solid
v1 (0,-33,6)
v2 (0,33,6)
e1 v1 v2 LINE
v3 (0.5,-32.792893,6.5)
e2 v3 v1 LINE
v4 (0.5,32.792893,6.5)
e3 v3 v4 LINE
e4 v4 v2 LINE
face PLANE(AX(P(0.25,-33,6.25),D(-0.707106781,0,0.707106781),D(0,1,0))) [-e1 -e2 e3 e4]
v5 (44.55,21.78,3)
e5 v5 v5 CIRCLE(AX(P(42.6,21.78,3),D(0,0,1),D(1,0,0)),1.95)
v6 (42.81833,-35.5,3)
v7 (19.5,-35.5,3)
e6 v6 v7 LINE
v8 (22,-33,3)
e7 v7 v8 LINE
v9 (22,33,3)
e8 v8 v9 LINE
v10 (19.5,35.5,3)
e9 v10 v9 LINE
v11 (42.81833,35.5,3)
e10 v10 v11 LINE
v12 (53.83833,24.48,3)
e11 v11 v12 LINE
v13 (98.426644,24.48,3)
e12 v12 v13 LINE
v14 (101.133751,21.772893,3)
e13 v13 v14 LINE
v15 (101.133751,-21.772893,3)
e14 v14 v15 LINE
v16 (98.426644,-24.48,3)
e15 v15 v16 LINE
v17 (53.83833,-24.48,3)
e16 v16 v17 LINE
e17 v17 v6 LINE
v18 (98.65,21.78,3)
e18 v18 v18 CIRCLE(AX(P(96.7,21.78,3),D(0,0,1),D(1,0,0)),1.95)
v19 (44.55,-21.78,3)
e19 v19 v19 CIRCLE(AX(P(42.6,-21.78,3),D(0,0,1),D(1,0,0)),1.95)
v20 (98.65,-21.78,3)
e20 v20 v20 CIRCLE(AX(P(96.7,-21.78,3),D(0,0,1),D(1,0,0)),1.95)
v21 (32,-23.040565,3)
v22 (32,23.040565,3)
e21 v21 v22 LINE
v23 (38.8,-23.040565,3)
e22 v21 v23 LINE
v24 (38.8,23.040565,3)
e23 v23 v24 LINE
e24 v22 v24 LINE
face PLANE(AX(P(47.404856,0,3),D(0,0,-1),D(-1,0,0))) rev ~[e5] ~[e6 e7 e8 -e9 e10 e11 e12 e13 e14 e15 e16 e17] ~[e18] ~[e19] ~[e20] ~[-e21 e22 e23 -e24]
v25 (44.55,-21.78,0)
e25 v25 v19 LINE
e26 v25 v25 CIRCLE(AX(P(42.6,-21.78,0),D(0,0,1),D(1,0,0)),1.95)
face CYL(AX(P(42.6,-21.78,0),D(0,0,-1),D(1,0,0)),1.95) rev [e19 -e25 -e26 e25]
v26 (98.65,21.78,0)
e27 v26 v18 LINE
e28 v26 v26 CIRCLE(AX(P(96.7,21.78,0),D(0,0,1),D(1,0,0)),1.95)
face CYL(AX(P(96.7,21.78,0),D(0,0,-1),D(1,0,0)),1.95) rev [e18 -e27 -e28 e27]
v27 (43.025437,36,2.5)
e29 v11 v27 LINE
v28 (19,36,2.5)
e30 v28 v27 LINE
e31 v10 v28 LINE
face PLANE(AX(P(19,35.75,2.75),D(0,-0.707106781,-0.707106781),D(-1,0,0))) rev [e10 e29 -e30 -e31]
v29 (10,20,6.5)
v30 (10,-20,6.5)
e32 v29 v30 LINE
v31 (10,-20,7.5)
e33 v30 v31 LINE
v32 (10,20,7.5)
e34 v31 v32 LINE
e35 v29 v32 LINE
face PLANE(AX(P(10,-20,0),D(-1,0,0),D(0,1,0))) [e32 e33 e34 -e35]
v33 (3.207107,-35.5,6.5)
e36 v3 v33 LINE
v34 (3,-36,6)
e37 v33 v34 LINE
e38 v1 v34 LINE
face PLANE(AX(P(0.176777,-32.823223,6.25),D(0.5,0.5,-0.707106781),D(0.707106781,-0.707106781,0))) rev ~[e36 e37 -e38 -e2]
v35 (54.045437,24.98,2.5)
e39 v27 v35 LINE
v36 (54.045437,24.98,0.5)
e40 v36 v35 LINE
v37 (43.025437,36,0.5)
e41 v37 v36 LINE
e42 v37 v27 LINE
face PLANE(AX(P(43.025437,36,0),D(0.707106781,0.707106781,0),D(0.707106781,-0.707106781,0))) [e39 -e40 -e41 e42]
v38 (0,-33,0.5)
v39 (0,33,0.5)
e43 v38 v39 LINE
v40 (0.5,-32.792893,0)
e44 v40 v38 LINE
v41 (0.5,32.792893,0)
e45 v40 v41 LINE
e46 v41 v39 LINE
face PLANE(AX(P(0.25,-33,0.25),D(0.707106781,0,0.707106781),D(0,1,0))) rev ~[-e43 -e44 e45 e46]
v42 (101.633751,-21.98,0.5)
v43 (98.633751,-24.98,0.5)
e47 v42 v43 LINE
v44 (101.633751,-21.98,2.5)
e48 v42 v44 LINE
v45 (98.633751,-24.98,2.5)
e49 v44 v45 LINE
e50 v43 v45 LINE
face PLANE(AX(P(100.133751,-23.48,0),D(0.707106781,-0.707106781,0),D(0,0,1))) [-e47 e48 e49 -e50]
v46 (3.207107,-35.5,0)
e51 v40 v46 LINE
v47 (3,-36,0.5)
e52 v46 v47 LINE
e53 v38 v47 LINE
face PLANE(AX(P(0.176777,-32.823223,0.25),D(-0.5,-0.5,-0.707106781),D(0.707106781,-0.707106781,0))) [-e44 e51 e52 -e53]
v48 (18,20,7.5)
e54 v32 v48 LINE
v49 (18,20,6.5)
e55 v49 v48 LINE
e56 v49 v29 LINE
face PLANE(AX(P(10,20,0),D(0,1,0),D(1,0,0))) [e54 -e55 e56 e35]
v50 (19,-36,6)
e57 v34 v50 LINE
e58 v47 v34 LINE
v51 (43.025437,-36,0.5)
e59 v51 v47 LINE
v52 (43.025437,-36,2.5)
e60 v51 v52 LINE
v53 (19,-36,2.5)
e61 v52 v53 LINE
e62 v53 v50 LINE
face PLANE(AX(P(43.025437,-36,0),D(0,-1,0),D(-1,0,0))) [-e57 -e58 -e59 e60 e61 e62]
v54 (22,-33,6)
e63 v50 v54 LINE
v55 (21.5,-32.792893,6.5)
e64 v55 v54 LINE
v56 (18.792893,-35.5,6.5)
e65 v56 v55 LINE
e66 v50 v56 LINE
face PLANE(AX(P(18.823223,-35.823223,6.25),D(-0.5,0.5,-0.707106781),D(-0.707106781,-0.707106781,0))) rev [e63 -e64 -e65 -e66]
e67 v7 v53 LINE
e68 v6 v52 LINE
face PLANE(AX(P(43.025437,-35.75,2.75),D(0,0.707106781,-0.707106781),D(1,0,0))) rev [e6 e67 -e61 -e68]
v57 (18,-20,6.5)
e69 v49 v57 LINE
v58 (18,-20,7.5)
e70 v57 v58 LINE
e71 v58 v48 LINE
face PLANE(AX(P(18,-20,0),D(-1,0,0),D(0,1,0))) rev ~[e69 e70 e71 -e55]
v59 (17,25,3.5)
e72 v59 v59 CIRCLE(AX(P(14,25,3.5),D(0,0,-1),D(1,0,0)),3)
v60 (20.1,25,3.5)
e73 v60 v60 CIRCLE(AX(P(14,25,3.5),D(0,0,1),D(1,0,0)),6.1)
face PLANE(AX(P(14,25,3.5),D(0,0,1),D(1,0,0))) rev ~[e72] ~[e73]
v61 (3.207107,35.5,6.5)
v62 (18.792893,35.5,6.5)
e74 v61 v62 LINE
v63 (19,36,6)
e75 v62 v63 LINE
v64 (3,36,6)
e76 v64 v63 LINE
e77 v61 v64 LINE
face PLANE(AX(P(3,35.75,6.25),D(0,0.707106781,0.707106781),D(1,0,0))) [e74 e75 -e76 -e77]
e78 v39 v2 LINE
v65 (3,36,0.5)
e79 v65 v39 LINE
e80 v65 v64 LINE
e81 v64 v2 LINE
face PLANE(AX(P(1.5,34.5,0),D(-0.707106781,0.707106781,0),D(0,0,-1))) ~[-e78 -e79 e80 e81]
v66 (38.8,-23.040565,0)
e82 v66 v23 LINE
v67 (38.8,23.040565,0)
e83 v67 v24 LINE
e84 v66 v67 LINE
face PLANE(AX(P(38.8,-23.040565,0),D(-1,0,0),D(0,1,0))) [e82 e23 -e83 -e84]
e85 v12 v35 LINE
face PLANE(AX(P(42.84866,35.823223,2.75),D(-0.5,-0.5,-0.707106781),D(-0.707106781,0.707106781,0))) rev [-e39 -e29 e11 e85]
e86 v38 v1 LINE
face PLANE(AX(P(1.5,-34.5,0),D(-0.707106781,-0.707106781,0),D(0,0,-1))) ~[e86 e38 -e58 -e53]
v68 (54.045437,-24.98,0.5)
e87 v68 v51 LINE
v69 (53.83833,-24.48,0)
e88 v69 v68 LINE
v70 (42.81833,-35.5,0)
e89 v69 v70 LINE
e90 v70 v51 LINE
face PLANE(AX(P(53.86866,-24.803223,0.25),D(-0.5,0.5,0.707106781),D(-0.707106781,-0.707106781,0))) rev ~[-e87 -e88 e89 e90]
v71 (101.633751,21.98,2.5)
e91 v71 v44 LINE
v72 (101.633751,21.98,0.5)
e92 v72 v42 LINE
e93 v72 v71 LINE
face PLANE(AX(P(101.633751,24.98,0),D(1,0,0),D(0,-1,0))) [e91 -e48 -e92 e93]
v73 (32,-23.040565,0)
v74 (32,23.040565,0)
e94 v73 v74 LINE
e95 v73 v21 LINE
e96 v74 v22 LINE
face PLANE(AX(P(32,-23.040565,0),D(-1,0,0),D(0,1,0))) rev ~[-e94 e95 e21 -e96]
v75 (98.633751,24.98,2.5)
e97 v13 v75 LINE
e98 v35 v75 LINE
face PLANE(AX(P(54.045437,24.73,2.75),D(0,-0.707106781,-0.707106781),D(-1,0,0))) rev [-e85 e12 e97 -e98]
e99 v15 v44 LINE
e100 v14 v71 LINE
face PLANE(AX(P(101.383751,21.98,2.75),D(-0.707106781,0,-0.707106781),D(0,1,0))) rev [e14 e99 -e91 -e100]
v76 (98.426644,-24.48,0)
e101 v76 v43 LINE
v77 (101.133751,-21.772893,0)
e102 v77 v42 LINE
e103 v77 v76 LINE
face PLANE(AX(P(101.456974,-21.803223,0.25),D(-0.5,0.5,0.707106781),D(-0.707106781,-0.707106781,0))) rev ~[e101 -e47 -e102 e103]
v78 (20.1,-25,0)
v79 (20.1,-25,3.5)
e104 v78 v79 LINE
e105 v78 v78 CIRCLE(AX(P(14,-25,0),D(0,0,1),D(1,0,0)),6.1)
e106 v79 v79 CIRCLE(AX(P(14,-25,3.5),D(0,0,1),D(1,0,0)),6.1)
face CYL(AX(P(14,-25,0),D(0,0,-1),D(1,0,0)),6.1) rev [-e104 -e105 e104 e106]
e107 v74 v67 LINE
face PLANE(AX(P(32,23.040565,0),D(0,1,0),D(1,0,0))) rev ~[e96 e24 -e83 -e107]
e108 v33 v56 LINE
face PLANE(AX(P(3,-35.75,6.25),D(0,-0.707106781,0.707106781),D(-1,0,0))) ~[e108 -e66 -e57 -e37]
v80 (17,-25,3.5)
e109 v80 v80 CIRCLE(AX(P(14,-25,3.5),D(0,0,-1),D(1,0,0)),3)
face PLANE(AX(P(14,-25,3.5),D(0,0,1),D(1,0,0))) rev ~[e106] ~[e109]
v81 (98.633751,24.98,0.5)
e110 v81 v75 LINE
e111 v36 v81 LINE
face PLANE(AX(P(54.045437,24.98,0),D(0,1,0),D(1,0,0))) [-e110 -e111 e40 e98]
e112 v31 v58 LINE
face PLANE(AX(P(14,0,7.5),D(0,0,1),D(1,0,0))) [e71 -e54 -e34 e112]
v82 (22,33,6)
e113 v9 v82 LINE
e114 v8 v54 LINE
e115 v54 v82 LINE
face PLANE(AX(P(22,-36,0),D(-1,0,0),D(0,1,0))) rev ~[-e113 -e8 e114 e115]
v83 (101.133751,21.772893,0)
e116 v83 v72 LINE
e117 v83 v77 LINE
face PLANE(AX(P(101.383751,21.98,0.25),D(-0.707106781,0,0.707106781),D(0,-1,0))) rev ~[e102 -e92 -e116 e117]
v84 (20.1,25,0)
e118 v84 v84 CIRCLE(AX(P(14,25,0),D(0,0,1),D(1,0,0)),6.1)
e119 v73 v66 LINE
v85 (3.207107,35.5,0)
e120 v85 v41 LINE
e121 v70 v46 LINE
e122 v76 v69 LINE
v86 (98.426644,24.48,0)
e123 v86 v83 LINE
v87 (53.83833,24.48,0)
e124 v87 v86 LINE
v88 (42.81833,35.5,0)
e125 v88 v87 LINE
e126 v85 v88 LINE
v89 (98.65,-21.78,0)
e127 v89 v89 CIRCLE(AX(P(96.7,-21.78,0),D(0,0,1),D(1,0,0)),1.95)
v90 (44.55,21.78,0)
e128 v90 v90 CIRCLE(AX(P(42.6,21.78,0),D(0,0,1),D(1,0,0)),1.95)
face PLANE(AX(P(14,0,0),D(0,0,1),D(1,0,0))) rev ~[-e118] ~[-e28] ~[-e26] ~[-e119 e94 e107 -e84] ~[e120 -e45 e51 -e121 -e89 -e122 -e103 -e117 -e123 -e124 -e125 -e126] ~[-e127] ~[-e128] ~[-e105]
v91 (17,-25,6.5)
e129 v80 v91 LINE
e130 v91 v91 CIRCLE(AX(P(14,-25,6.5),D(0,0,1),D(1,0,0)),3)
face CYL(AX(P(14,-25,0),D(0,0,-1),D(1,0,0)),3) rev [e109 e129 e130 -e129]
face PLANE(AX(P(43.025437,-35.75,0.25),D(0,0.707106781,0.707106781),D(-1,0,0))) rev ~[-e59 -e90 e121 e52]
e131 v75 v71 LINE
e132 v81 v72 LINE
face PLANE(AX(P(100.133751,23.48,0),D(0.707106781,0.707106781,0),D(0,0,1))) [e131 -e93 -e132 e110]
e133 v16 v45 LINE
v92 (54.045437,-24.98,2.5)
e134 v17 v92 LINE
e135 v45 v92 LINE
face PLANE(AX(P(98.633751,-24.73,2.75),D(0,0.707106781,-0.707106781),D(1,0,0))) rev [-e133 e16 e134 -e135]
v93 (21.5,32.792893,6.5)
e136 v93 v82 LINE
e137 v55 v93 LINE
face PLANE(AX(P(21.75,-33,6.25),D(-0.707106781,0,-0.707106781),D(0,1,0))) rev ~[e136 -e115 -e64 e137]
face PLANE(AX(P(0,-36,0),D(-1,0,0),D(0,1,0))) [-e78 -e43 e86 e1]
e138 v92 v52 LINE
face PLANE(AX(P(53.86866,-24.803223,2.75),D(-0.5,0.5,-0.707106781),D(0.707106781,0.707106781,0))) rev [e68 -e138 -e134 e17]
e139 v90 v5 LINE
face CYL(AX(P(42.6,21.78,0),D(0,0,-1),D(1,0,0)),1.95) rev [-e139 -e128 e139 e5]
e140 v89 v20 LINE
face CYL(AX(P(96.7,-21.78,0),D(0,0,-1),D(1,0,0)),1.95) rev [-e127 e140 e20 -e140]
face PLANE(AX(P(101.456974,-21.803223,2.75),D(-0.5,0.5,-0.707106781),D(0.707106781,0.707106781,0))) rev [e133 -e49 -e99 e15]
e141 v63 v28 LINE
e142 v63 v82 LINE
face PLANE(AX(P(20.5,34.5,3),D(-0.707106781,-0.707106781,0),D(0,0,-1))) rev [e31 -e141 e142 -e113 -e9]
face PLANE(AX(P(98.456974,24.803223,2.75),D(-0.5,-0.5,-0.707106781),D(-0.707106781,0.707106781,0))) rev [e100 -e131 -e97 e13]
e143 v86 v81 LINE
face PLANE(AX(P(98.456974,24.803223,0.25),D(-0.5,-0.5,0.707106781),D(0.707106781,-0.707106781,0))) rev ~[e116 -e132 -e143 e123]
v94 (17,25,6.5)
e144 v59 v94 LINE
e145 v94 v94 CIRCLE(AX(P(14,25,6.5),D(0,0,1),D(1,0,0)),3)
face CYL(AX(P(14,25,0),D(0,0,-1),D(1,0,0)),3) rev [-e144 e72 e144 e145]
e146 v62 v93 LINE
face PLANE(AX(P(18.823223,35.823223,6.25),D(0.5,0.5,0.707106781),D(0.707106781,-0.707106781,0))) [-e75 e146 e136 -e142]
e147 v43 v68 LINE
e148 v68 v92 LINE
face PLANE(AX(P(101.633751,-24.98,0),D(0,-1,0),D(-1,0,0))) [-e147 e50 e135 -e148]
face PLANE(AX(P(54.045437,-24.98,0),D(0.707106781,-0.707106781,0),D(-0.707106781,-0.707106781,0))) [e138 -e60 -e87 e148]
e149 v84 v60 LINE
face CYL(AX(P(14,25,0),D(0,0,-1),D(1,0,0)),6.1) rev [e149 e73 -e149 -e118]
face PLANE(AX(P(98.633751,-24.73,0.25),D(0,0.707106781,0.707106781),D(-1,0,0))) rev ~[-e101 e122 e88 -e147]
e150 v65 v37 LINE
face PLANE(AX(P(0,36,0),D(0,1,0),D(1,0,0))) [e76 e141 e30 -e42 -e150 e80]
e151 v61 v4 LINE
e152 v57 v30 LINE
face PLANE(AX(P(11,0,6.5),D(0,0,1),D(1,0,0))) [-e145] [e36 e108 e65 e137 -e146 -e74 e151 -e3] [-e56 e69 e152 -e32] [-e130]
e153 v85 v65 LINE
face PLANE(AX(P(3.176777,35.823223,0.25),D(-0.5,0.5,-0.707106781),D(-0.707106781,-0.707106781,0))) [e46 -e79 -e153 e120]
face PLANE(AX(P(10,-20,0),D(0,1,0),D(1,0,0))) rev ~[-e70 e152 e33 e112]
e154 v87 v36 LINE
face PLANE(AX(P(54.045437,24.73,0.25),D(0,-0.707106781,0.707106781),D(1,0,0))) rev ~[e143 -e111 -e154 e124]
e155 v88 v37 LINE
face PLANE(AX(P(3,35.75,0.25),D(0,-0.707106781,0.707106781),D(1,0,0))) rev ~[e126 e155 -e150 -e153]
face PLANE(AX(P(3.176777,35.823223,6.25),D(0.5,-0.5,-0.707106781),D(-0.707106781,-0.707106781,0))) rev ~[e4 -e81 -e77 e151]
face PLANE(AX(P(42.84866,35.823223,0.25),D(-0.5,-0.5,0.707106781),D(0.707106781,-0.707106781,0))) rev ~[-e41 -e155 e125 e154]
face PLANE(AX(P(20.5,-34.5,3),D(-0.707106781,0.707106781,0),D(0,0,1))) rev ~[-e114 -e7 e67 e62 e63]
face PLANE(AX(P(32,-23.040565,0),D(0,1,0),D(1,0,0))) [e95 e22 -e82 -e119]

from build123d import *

# Parameters (mm, degrees)
SKETCH_R        = 1.95
SKETCH_W        = 6.8
SKETCH_H        = 46.08113
PAD_DEPTH       = 3
SKETCH001_W     = 22
SKETCH001_H     = 72
PAD001_DEPTH    = 6.5
SKETCH002_W     = 8
SKETCH002_H     = 40
PAD002_DEPTH    = 7.5
SKETCH003_R     = 6.1
POCKET_DEPTH    = 3.5
SKETCH004_R     = 3
POCKET001_DEPTH = 6.5
CHAMFER_SIZE    = 3
CHAMFER001_SIZE = 0.5


with BuildPart() as part:
    # Sketch → Pad (new body)
    with BuildSketch(Plane.XY):
        Polygon((54.045437, 24.98), (101.633751, 24.98), (101.633751, -24.98), (54.045437, -24.98), (43.025437, -36), (0, -36), (0, 36), (43.025437, 36), align=None)
        with Locations((42.6, 21.78)):
            Circle(SKETCH_R, mode=Mode.SUBTRACT)
        with Locations((42.6, -21.78)):
            Circle(SKETCH_R, mode=Mode.SUBTRACT)
        with Locations((96.7, 21.78)):
            Circle(SKETCH_R, mode=Mode.SUBTRACT)
        with Locations((96.7, -21.78)):
            Circle(SKETCH_R, mode=Mode.SUBTRACT)
        with Locations((35.4, 0)):
            Rectangle(SKETCH_W, SKETCH_H, mode=Mode.SUBTRACT)
    extrude(amount=PAD_DEPTH)

    # Sketch001 → Pad001 (join)
    with BuildSketch(Plane.XY):
        with Locations((11, 0)):
            Rectangle(SKETCH001_W, SKETCH001_H)
    extrude(amount=PAD001_DEPTH)

    # Sketch002 → Pad002 (join)
    with BuildSketch(Plane.XY):
        with Locations((14, 0)):
            Rectangle(SKETCH002_W, SKETCH002_H)
    extrude(amount=PAD002_DEPTH)

    # Sketch003 → Pocket (cut)
    with BuildSketch(Plane.XY):
        with Locations((14, 25)):
            Circle(SKETCH003_R)
        with Locations((14, -25)):
            Circle(SKETCH003_R)
    extrude(amount=POCKET_DEPTH, mode=Mode.SUBTRACT)

    # Sketch004 → Pocket001 (cut)
    with BuildSketch(Plane.XY):
        with Locations((14, 25)):
            Circle(SKETCH004_R)
        with Locations((14, -25)):
            Circle(SKETCH004_R)
    extrude(amount=POCKET001_DEPTH, mode=Mode.SUBTRACT)

    # Chamfer
    chamfer_edges = [part.edges().sort_by_distance(p)[0] for p in [
        (101.633751, -24.98, 1.5),
        (101.633751, 24.98, 1.5),
        (22, 36, 4.75),
        (0, 36, 1.5),
        (0, 36, 4.75),
        (0, -36, 4.75),
        (0, -36, 1.5),
        (22, -36, 4.75),
    ]]
    chamfer(chamfer_edges, length=CHAMFER_SIZE)

    # Chamfer001
    chamfer001_edges = [part.edges().sort_by_distance(p)[0] for p in [
        (48.535437, 30.49, 3),
        (76.339594, 24.98, 3),
        (100.133751, 23.48, 3),
        (101.633751, 0, 3),
        (100.133751, -23.48, 3),
        (76.339594, -24.98, 3),
        (76.339594, -24.98, 0),
        (48.535437, -30.49, 3),
        (48.535437, -30.49, 0),
        (32.512719, -36, 0),
        (32.512719, -36, 3),
        (1.5, -34.5, 0),
        (0, 0, 0),
        (1.5, 34.5, 6.5),
        (32.512719, 36, 3),
        (11, 36, 6.5),
        (1.5, 34.5, 0),
        (12.5, 36, 0),
        (100.133751, -23.48, 0),
        (76.339594, 24.98, 0),
        (22, 0, 6.5),
        (44.55, 21.78, 1.5),
        (20.5, 34.5, 6.5),
        (20.5, -36, 3),
        (0, 0, 6.5),
        (12.5, -36, 0),
        (20.5, 36, 3),
        (32.512719, 36, 0),
        (48.535437, 30.49, 0),
        (100.133751, 23.48, 0),
        (101.633751, 0, 0),
        (20.5, -34.5, 6.5),
        (11, -36, 6.5),
        (1.5, -34.5, 6.5),
    ]]
    chamfer(chamfer001_edges, length=CHAMFER001_SIZE)


solid = part.part
